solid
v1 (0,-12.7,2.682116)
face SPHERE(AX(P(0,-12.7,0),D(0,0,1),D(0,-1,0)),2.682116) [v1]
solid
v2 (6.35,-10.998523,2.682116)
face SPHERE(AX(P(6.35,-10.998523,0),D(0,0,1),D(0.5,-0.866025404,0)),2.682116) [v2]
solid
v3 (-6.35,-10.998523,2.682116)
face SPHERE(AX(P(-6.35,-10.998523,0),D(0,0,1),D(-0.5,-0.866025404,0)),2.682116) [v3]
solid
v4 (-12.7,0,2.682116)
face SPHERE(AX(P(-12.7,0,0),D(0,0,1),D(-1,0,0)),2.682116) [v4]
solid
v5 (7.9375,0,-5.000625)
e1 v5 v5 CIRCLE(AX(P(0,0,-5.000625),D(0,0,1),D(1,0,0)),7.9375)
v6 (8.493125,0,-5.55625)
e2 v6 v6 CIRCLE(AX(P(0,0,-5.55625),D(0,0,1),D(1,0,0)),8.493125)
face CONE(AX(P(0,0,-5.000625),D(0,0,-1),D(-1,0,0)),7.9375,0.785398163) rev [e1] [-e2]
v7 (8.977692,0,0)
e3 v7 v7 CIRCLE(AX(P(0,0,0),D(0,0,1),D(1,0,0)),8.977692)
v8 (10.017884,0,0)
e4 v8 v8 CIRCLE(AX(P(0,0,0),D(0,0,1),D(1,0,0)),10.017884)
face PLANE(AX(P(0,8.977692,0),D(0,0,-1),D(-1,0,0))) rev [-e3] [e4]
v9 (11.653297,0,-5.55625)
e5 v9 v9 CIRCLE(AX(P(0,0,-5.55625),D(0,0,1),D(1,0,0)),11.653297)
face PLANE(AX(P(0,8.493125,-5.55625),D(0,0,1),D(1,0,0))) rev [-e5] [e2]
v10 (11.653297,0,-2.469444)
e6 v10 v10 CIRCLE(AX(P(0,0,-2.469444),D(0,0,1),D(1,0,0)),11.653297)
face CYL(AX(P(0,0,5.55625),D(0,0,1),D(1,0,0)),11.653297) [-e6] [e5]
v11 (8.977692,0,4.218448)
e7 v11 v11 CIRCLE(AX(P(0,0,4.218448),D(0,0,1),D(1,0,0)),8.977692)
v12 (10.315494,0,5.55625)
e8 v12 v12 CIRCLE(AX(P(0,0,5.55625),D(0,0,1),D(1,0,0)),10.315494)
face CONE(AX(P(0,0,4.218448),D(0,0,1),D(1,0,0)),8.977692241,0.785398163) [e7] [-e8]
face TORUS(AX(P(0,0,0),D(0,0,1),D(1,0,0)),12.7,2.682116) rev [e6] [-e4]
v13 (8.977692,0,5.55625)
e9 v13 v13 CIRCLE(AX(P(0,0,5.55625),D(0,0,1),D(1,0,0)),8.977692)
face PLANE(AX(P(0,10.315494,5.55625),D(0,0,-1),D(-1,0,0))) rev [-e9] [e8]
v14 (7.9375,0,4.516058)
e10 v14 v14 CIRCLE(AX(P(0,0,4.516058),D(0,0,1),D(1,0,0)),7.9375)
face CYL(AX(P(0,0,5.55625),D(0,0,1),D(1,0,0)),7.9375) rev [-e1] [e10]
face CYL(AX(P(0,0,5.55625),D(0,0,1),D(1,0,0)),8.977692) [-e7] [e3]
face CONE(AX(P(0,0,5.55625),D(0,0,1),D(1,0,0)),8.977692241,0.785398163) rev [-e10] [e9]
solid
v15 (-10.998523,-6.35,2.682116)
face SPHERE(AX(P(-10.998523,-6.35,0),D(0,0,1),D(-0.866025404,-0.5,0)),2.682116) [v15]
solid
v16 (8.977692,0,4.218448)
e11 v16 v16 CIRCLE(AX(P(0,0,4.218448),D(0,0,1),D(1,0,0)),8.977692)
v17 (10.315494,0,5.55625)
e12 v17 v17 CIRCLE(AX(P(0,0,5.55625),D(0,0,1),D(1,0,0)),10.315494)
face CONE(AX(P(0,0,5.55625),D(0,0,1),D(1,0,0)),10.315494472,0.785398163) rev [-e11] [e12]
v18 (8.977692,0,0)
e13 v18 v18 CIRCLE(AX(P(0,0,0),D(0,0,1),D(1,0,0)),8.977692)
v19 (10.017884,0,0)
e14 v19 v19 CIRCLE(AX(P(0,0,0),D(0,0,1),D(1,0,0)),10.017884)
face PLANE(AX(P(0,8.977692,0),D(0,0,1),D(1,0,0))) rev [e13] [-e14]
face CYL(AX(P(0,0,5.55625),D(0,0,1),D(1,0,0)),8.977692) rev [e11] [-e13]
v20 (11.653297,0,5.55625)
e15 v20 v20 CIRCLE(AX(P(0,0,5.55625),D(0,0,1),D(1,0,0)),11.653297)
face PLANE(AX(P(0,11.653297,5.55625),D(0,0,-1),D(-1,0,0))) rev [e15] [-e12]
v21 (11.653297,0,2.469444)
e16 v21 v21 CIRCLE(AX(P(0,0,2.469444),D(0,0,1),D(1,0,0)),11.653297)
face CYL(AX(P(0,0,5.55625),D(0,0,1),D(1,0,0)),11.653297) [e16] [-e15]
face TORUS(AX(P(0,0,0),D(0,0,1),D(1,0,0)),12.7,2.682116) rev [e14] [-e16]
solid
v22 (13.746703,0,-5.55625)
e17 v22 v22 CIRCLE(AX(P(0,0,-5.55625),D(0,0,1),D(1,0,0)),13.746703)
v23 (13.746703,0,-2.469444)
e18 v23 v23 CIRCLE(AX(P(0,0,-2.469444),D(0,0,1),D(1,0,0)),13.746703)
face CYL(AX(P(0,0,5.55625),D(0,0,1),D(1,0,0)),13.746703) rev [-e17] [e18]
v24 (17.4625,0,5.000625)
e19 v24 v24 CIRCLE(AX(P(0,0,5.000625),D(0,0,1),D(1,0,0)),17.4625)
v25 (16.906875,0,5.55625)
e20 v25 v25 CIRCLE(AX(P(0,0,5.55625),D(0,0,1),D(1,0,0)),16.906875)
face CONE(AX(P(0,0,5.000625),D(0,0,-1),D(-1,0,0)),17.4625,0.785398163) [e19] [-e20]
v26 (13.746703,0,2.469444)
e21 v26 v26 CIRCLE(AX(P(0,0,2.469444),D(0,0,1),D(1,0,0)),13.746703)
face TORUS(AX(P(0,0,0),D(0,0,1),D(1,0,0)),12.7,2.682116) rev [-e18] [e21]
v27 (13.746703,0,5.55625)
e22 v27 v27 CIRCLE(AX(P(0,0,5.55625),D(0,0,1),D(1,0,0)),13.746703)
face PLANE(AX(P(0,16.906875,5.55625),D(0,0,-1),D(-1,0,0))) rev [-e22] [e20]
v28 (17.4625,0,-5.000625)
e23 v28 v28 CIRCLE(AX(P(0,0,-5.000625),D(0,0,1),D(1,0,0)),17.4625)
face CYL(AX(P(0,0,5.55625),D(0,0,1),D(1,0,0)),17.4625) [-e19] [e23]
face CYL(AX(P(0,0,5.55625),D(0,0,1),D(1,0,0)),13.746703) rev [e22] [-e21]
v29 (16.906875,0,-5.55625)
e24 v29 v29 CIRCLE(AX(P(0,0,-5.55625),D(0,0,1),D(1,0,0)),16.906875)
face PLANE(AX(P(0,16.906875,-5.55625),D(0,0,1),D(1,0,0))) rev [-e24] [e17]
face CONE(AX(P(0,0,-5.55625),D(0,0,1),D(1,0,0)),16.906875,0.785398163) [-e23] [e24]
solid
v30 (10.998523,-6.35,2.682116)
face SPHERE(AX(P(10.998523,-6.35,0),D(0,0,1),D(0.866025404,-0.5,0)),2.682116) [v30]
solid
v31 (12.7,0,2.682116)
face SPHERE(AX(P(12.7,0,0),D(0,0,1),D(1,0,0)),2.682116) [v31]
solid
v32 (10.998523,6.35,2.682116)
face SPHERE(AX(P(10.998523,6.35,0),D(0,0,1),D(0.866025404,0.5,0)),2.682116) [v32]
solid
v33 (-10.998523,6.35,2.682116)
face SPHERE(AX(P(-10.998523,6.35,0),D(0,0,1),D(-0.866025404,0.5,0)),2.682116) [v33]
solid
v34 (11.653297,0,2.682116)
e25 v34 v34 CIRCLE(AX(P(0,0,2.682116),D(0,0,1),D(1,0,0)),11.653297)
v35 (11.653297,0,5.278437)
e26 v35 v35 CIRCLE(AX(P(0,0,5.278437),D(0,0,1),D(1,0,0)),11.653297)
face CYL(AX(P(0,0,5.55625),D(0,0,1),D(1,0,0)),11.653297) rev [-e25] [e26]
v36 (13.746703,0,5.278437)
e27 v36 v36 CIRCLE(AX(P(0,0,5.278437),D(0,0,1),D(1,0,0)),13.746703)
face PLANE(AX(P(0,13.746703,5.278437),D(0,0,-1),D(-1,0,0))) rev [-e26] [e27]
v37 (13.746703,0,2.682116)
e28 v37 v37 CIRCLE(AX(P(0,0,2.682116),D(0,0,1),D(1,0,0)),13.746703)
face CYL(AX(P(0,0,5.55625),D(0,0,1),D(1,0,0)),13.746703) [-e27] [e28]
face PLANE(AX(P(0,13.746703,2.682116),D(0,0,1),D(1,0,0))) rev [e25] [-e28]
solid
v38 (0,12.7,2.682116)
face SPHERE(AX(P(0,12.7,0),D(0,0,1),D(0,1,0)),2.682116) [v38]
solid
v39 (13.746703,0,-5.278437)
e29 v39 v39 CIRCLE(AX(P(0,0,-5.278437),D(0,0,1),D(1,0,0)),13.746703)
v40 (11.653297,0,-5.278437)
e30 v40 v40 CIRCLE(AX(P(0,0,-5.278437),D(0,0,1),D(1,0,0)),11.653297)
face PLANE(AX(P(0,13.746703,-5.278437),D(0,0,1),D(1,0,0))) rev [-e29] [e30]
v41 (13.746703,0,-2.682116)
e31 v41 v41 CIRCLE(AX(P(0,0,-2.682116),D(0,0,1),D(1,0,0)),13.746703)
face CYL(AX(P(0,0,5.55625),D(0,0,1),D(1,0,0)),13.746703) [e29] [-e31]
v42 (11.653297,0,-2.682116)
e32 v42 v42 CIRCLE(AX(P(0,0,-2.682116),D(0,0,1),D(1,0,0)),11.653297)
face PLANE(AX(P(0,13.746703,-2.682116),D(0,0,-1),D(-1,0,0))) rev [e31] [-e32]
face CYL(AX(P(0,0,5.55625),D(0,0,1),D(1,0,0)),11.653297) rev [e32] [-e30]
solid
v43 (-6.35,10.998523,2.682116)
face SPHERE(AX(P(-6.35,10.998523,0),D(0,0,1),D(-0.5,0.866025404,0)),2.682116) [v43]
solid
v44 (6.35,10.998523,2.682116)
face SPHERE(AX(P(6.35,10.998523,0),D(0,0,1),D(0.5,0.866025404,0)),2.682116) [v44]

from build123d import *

# Parameters (mm, degrees)
CIRPATTERN1_COUNT = 12
SKETCH5_W         = 2.596321981
SKETCH5_H         = 2.093406594


with BuildPart() as part:
    # Sketch1 → Revolve1 (revolve)
    with BuildSketch(Plane(origin=(0, 0, 0), x_dir=(0, 0, -1), z_dir=(1, 0, 0))):
        with BuildLine():
            Line((5.000625, 17.4625), (-5.000625, 17.4625))
            Line((-5.000625, 17.4625), (-5.55625, 16.906875))
            Line((-5.55625, 16.906875), (-5.55625, 13.746703297))
            Line((-5.55625, 13.746703297), (-2.469444444, 13.746703297))
            ThreePointArc((-2.469444444, 13.746703297), (0, 15.382115519), (2.469444444, 13.746703297))
            Line((2.469444444, 13.746703297), (5.55625, 13.746703297))
            Line((5.55625, 13.746703297), (5.55625, 16.906875))
            Line((5.55625, 16.906875), (5.000625, 17.4625))
        make_face()
    revolve(axis=Axis((0, 0, 5.55625), (0, 0, -1)))


with BuildPart() as body_2:
    # Sketch2 → Revolve2 (revolve)
    with BuildSketch(Plane(origin=(0, 0, 0), x_dir=(0, 0, -1), z_dir=(1, 0, 0))):
        with BuildLine():
            Line((-5.55625, 11.653296703), (-2.469444444, 11.653296703))
            ThreePointArc((-2.469444444, 11.653296703), (-1.480939651, 10.463806492), (0, 10.017884481))
            Line((0, 10.017884481), (0, 8.977692241))
            Line((0, 8.977692241), (-4.218447769, 8.977692241))
            Line((-4.218447769, 8.977692241), (-5.55625, 10.315494472))
            Line((-5.55625, 10.315494472), (-5.55625, 11.653296703))
        make_face()
    revolve(axis=Axis((0, 0, 5.55625), (0, 0, -1)))


with BuildPart() as body_3:
    # Sketch3 → Revolve3 (revolve)
    with BuildSketch(Plane(origin=(0, 0, 0), x_dir=(0, 0, -1), z_dir=(1, 0, 0))):
        with BuildLine():
            Line((-5.55625, 10.315494472), (-4.218447769, 8.977692241))
            Line((-4.218447769, 8.977692241), (0, 8.977692241))
            Line((0, 8.977692241), (0, 10.017884481))
            ThreePointArc((0, 10.017884481), (1.480939651, 10.463806492), (2.469444444, 11.653296703))
            Line((2.469444444, 11.653296703), (5.55625, 11.653296703))
            Line((5.55625, 11.653296703), (5.55625, 8.493125))
            Line((5.55625, 8.493125), (5.000625, 7.9375))
            Line((5.000625, 7.9375), (-4.516057759, 7.9375))
            Line((-4.516057759, 7.9375), (-5.55625, 8.977692241))
            Line((-5.55625, 8.977692241), (-5.55625, 10.315494472))
        make_face()
    revolve(axis=Axis((0, 0, 5.55625), (0, 0, -1)))


with BuildPart() as body_4:
    # Sketch4 → Revolve4 (revolve)
    with BuildSketch(Plane(origin=(0, 0, 0), x_dir=(0, 0, -1), z_dir=(1, 0, 0))):
        with BuildLine():
            Line((-2.682115519, 12.7), (2.682115519, 12.7))
            ThreePointArc((2.682115519, 12.7), (0, 15.382115519), (-2.682115519, 12.7))
        make_face()
    revolve(axis=Axis((0, 12.7, 2.682115519), (0, 0, -1)))


with BuildPart() as cirpattern1_1:
    # CirPattern1: pattern copy
    add(body_4.part.rotate(Axis((0, 0, -5.55625), (0, 0, 1)), 1 * 360 / CIRPATTERN1_COUNT))


with BuildPart() as cirpattern1_2:
    # CirPattern1: pattern copy
    add(body_4.part.rotate(Axis((0, 0, -5.55625), (0, 0, 1)), 2 * 360 / CIRPATTERN1_COUNT))


with BuildPart() as cirpattern1_3:
    # CirPattern1: pattern copy
    add(body_4.part.rotate(Axis((0, 0, -5.55625), (0, 0, 1)), 3 * 360 / CIRPATTERN1_COUNT))


with BuildPart() as cirpattern1_4:
    # CirPattern1: pattern copy
    add(body_4.part.rotate(Axis((0, 0, -5.55625), (0, 0, 1)), 4 * 360 / CIRPATTERN1_COUNT))


with BuildPart() as cirpattern1_5:
    # CirPattern1: pattern copy
    add(body_4.part.rotate(Axis((0, 0, -5.55625), (0, 0, 1)), 5 * 360 / CIRPATTERN1_COUNT))


with BuildPart() as cirpattern1_6:
    # CirPattern1: pattern copy
    add(body_4.part.rotate(Axis((0, 0, -5.55625), (0, 0, 1)), 6 * 360 / CIRPATTERN1_COUNT))


with BuildPart() as cirpattern1_7:
    # CirPattern1: pattern copy
    add(body_4.part.rotate(Axis((0, 0, -5.55625), (0, 0, 1)), 7 * 360 / CIRPATTERN1_COUNT))


with BuildPart() as cirpattern1_8:
    # CirPattern1: pattern copy
    add(body_4.part.rotate(Axis((0, 0, -5.55625), (0, 0, 1)), 8 * 360 / CIRPATTERN1_COUNT))


with BuildPart() as cirpattern1_9:
    # CirPattern1: pattern copy
    add(body_4.part.rotate(Axis((0, 0, -5.55625), (0, 0, 1)), 9 * 360 / CIRPATTERN1_COUNT))


with BuildPart() as cirpattern1_10:
    # CirPattern1: pattern copy
    add(body_4.part.rotate(Axis((0, 0, -5.55625), (0, 0, 1)), 10 * 360 / CIRPATTERN1_COUNT))


with BuildPart() as cirpattern1_11:
    # CirPattern1: pattern copy
    add(body_4.part.rotate(Axis((0, 0, -5.55625), (0, 0, 1)), 11 * 360 / CIRPATTERN1_COUNT))


with BuildPart() as body_16:
    # Sketch5 → Revolve5 (revolve)
    with BuildSketch(Plane(origin=(0, 0, 0), x_dir=(0, 0, -1), z_dir=(1, 0, 0))):
        with Locations((-3.98027651, 12.7)):
            Rectangle(SKETCH5_W, SKETCH5_H)
        with Locations((3.98027651, 12.7)):
            Rectangle(SKETCH5_W, SKETCH5_H)
    revolve(axis=Axis((0, 0, 5.55625), (0, 0, -1)))


solid = Compound([part.part, body_2.part, body_3.part, body_4.part, cirpattern1_1.part, cirpattern1_2.part, cirpattern1_3.part, cirpattern1_4.part, cirpattern1_5.part, cirpattern1_6.part, cirpattern1_7.part, cirpattern1_8.part, cirpattern1_9.part, cirpattern1_10.part, cirpattern1_11.part, body_16.part])
